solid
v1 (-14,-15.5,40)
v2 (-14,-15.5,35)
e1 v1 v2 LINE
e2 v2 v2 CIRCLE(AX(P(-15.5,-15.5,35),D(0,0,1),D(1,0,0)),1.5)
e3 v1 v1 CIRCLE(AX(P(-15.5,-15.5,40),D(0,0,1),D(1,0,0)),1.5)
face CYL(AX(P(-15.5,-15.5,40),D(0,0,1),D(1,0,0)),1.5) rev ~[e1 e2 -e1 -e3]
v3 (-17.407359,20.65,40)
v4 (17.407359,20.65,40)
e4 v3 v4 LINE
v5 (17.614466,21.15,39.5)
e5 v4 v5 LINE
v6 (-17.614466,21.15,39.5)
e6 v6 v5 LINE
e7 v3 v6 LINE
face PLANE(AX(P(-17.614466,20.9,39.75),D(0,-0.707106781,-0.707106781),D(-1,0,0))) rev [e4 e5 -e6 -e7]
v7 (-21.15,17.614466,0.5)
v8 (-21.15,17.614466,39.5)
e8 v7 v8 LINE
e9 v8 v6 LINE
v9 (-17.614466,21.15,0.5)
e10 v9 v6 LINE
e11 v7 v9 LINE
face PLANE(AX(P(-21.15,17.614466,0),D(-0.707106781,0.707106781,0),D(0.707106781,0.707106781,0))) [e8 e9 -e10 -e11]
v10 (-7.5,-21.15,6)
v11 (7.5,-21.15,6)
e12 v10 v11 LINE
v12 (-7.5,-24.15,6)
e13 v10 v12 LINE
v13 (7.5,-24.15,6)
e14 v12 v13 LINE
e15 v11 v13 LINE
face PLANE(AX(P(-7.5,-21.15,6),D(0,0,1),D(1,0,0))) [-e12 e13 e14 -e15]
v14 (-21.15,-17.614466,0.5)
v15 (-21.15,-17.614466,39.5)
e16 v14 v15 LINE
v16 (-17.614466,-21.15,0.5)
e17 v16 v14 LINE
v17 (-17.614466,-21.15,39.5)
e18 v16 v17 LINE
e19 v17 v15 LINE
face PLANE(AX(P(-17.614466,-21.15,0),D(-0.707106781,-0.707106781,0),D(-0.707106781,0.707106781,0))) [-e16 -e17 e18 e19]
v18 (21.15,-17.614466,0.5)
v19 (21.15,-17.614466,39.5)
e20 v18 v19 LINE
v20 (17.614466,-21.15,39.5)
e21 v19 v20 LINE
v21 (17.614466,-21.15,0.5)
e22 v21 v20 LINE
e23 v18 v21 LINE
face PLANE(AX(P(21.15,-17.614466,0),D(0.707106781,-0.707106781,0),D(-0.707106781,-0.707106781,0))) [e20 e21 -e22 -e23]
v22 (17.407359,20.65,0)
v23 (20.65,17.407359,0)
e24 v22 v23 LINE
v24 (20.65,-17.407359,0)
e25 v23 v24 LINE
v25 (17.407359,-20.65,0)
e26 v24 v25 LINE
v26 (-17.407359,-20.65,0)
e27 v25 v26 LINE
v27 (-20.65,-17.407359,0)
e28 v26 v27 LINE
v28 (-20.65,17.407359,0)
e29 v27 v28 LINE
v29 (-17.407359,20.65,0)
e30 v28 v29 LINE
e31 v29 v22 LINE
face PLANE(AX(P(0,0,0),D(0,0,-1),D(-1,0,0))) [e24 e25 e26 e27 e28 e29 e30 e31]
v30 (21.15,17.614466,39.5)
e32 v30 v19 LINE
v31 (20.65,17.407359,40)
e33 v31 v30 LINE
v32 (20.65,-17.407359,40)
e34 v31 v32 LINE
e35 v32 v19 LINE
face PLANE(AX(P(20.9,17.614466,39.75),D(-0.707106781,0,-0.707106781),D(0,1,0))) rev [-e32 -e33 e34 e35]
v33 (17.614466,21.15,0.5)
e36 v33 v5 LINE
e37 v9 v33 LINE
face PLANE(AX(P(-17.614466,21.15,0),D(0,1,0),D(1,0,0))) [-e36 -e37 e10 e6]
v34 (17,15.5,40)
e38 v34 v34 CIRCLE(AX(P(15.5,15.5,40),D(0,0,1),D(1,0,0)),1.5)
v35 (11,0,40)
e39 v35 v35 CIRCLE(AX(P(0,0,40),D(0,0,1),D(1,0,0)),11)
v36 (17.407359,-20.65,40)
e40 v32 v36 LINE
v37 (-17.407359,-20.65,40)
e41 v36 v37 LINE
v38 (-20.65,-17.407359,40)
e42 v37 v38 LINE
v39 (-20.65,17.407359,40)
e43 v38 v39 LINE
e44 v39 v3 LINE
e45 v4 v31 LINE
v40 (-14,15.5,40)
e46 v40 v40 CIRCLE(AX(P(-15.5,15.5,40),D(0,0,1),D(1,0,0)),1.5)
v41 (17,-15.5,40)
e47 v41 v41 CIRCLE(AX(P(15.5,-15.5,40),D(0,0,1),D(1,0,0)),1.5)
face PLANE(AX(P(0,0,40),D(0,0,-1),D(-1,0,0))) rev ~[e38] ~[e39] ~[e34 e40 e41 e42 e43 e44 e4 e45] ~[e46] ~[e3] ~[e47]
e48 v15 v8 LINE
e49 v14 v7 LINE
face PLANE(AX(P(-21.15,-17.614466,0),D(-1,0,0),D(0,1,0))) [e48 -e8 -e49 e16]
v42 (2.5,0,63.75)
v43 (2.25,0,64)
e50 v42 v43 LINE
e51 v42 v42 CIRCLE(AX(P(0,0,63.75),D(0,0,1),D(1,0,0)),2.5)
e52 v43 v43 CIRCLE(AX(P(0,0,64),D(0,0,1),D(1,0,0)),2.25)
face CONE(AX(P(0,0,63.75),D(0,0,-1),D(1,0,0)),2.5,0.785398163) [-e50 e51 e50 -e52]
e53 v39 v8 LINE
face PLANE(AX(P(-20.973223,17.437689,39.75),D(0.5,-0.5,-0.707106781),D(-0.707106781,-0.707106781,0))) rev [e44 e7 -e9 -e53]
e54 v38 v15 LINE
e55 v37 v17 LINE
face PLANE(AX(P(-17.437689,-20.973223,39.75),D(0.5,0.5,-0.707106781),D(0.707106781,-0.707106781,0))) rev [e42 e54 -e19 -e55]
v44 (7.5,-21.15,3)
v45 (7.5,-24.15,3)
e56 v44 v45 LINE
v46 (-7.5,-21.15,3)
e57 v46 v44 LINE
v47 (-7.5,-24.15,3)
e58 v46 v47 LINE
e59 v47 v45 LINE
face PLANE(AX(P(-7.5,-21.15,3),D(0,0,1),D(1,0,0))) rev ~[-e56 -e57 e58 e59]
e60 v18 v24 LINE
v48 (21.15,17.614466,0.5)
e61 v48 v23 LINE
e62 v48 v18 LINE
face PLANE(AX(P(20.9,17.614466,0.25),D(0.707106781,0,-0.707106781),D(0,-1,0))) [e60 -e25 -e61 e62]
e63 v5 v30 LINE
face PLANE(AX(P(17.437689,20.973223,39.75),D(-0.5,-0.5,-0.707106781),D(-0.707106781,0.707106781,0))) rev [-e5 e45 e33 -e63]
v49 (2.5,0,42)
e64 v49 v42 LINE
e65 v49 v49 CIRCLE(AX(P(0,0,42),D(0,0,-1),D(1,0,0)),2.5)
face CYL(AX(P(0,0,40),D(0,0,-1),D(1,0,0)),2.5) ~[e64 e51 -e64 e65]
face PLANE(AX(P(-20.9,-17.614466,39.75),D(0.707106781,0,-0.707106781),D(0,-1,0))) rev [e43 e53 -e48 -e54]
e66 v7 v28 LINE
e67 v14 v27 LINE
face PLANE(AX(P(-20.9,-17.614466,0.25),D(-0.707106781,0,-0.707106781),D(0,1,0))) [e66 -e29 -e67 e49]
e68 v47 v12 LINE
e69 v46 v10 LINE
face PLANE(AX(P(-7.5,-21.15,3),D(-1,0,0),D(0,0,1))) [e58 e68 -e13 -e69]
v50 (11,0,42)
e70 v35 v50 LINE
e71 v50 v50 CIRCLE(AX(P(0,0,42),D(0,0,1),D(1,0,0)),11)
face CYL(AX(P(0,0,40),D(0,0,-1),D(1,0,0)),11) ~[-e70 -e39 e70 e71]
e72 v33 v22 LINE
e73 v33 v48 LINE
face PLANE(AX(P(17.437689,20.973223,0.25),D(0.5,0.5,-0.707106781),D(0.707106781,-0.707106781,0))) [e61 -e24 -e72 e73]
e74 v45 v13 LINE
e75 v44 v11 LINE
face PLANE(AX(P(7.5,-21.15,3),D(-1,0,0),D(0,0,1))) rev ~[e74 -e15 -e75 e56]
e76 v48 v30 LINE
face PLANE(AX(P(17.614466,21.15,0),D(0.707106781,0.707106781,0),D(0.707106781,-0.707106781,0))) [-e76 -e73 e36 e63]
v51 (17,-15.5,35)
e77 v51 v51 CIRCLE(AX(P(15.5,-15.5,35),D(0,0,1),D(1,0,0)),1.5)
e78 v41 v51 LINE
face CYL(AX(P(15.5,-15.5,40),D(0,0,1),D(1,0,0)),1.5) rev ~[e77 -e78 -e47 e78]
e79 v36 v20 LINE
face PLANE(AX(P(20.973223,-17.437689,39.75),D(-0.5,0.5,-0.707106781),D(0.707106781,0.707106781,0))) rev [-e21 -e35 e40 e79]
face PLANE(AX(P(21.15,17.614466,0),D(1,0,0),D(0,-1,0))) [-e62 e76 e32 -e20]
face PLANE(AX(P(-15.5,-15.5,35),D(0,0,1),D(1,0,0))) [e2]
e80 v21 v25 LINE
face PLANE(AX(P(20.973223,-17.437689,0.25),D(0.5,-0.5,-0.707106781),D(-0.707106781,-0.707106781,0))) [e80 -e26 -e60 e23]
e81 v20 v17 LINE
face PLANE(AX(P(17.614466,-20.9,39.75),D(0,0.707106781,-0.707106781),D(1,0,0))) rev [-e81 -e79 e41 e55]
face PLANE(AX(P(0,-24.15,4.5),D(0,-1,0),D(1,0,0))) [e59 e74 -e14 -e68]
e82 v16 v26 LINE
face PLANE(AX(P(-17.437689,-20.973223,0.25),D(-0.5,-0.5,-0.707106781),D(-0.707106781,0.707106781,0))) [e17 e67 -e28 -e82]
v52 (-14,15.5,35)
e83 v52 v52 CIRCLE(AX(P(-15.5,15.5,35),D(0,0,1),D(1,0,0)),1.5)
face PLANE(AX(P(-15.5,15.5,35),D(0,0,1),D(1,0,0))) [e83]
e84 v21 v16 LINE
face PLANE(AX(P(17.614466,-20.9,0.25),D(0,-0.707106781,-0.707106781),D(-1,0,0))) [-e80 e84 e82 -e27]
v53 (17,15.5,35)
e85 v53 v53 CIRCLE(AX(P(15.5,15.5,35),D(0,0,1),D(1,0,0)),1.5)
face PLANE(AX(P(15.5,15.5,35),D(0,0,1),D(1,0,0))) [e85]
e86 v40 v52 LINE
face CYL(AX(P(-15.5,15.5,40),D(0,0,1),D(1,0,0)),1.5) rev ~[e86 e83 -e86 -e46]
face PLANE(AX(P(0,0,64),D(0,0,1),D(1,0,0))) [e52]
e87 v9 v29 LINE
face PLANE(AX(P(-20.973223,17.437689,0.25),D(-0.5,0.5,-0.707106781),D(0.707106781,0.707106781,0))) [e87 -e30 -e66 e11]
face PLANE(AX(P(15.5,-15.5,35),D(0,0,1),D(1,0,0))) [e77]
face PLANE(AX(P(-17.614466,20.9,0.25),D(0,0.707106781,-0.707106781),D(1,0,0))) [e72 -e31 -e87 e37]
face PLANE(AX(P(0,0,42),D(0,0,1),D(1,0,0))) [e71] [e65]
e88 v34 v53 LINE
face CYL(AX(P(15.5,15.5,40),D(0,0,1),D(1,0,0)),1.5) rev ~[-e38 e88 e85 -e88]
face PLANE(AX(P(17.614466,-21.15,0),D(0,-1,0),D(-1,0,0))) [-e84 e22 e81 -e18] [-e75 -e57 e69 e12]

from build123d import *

# Parameters (mm, degrees)
PAD_DEPTH       = 40
SKETCH002_R     = 2.5
PAD001_DEPTH    = 24
SKETCH001_R     = 11
PAD002_DEPTH    = 2
SKETCH003_R     = 1.5
POCKET_DEPTH    = 5
CHAMFER_SIZE    = 0.5
CHAMFER001_SIZE = 0.25
SKETCH004_W     = 15
SKETCH004_H     = 3
PAD003_DEPTH    = 3


with BuildPart() as part:
    # Sketch → Pad (new body)
    with BuildSketch(Plane.XY):
        Polygon((-17.614466, 21.15), (17.614466, 21.15), (21.15, 17.614466), (21.15, -17.614466), (17.614466, -21.15), (-17.614466, -21.15), (-21.15, -17.614466), (-21.15, 17.614466), align=None)
    extrude(amount=PAD_DEPTH)

    # Sketch002 (on Face10 of Pad) → Pad001 (join)
    with BuildSketch(Plane.XY.offset(40)):
        Circle(SKETCH002_R)
    extrude(amount=PAD001_DEPTH)

    # Sketch001 (on Face10 of Pad) → Pad002 (join)
    with BuildSketch(Plane.XY.offset(40)):
        Circle(SKETCH001_R)
    extrude(amount=PAD002_DEPTH)

    # Sketch003 (on Face5 of Pad002) → Pocket (cut)
    with BuildSketch(Plane.XY.offset(40)):
        with Locations((-15.5, 15.5)):
            Circle(SKETCH003_R)
        with Locations((15.5, 15.5)):
            Circle(SKETCH003_R)
        with Locations((-15.5, -15.5)):
            Circle(SKETCH003_R)
        with Locations((15.5, -15.5)):
            Circle(SKETCH003_R)
    extrude(amount=-POCKET_DEPTH, mode=Mode.SUBTRACT)

    # Chamfer
    chamfer_edges = [part.edges().sort_by_distance(p)[0] for p in [
        (-19.382233, 19.382233, 0),
        (0, 21.15, 0),
        (19.382233, 19.382233, 0),
        (21.15, 0, 0),
        (19.382233, -19.382233, 0),
        (0, -21.15, 0),
        (-19.382233, -19.382233, 0),
        (-21.15, 0, 0),
        (0, -21.15, 40),
        (21.15, 0, 40),
        (19.382233, -19.382233, 40),
        (19.382233, 19.382233, 40),
        (0, 21.15, 40),
        (-19.382233, -19.382233, 40),
        (-21.15, 0, 40),
        (-19.382233, 19.382233, 40),
    ]]
    chamfer(chamfer_edges, length=CHAMFER_SIZE)

    # Chamfer001
    chamfer001_edges = [part.edges().sort_by_distance(p)[0] for p in [
        (-2.5, 0, 64),
    ]]
    chamfer(chamfer001_edges, length=CHAMFER001_SIZE)

    # Sketch004 (on Face19 of Chamfer001) → Pad003 (join)
    with BuildSketch(Plane.XZ.offset(21.15)):
        with Locations((0, 4.5)):
            Rectangle(SKETCH004_W, SKETCH004_H)
    extrude(amount=PAD003_DEPTH)


solid = part.part
